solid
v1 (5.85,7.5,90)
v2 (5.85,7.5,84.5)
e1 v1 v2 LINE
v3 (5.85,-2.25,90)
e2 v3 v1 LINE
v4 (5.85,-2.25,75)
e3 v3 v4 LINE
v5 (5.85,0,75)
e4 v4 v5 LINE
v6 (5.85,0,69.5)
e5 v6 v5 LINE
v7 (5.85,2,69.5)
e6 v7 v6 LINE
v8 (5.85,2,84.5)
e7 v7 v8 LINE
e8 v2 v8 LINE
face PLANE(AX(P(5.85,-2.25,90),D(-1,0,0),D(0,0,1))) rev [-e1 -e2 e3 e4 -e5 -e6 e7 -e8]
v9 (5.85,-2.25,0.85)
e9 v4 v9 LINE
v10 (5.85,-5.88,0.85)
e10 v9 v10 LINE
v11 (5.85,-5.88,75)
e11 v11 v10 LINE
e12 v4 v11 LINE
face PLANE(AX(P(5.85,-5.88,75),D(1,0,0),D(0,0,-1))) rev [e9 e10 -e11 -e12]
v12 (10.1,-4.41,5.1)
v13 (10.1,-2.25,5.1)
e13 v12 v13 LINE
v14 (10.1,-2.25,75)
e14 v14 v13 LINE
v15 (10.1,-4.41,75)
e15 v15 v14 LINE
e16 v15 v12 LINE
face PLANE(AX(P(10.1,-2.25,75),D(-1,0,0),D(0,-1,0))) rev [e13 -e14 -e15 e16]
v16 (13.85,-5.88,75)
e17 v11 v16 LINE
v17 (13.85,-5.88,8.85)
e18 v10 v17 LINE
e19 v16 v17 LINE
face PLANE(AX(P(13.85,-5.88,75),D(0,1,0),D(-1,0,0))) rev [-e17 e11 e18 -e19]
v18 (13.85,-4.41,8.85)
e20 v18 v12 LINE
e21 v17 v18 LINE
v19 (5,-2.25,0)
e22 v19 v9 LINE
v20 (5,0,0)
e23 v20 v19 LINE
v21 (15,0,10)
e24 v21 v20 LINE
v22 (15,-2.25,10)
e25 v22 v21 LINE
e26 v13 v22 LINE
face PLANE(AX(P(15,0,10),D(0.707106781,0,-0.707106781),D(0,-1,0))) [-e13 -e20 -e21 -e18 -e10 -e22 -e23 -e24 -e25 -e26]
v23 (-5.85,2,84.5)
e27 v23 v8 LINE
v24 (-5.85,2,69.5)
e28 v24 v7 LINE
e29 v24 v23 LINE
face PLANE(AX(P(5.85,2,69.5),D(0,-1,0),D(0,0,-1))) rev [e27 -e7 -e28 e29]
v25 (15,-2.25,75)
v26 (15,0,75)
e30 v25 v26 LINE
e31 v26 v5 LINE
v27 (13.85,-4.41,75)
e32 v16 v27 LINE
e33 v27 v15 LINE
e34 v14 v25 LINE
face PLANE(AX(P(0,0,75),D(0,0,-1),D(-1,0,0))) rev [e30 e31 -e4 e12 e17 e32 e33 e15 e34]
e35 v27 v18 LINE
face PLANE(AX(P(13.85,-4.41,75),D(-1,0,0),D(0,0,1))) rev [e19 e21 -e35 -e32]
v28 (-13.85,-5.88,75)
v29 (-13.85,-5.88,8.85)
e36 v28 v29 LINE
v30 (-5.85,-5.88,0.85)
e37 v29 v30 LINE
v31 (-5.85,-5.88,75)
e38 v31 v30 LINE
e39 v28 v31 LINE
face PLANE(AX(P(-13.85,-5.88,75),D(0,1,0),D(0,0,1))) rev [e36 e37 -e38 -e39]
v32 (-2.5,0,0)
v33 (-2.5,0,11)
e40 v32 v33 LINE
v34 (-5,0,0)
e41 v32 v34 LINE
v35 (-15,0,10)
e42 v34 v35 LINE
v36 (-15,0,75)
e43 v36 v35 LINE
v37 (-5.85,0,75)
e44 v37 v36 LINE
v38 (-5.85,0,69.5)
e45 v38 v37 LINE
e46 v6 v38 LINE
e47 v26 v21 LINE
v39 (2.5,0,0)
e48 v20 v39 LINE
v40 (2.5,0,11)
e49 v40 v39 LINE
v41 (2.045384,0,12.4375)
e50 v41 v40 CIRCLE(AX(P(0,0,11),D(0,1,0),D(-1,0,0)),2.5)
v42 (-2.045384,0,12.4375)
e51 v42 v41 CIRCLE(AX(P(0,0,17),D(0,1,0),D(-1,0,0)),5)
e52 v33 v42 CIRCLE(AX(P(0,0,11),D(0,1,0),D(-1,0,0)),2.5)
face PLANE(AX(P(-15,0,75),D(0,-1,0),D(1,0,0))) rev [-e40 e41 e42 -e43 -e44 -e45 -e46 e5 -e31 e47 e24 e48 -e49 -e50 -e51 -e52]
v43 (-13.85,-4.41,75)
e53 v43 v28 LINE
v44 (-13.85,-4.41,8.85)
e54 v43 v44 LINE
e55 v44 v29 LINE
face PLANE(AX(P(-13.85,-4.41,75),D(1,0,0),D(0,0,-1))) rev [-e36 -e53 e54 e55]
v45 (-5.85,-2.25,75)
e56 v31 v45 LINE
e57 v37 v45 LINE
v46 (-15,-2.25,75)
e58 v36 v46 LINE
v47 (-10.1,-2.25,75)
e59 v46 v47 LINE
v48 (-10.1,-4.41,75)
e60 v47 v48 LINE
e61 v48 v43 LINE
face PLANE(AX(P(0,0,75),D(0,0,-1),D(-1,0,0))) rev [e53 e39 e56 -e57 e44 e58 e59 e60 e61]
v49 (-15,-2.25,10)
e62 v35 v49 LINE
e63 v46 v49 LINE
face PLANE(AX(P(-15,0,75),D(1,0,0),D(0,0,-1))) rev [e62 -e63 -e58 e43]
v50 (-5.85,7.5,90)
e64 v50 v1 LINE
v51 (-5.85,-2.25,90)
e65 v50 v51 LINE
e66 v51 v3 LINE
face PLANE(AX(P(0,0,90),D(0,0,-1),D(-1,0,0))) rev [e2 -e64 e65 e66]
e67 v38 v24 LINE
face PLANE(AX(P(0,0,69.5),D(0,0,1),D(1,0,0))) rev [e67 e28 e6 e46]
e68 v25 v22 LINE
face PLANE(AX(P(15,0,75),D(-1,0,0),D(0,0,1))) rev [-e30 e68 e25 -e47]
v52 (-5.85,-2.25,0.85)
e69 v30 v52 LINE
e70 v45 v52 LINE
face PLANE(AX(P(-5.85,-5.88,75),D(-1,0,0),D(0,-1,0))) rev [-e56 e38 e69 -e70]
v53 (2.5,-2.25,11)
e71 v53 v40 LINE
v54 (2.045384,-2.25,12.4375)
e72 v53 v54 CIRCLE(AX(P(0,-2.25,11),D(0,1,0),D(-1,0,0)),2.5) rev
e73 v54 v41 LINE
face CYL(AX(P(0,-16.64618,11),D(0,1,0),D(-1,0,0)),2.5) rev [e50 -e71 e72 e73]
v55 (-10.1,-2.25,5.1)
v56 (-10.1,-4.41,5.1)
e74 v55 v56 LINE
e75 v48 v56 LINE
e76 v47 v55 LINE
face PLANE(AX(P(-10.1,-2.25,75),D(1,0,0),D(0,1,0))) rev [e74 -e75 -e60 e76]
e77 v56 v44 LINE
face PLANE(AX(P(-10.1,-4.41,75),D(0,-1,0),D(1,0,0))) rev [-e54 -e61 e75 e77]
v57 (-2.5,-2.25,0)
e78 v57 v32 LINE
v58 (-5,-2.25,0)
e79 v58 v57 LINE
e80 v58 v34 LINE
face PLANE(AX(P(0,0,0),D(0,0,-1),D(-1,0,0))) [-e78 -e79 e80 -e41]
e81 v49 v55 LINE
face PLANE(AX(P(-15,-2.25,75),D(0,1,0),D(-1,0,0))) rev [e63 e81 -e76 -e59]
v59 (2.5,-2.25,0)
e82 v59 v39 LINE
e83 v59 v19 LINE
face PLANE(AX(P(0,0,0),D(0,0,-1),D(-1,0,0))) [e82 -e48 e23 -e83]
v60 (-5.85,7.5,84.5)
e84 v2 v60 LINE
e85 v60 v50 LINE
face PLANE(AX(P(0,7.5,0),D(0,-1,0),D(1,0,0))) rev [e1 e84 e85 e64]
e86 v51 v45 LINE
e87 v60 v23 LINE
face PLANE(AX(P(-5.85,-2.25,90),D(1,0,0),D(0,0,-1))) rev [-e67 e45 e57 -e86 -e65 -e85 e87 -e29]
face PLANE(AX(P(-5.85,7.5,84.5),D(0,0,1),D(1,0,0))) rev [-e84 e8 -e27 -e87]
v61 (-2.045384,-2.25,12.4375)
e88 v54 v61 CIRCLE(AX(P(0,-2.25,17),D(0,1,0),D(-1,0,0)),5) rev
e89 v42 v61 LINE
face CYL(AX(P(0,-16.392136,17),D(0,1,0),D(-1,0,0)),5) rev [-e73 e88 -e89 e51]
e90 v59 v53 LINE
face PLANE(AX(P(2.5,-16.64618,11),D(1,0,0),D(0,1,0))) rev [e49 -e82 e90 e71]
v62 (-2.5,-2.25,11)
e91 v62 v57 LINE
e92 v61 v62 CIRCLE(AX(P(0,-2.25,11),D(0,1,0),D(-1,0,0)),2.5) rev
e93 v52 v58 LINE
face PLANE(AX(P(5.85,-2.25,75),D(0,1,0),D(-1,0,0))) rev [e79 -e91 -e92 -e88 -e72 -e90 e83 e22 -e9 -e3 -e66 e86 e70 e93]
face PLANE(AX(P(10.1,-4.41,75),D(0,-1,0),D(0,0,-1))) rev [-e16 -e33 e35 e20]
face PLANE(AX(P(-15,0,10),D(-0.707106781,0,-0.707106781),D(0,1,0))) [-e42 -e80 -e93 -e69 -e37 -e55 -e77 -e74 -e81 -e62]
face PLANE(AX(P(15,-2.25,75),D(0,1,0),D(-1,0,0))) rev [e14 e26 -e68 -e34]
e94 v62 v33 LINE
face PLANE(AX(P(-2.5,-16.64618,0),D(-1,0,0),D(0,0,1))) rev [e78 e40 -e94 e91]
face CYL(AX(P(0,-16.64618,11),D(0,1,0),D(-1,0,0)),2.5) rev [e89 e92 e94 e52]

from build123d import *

# Parameters (mm, degrees)
BOSS_EXTRUDE1_DEPTH = 75
CUT_EXTRUDE1_DEPTH  = 2.25
SKETCH3_W           = 11.7
SKETCH3_H           = 2.25
BOSS_EXTRUDE2_DEPTH = 15
SKETCH4_W           = 11.7
SKETCH4_H           = 5.5
BOSS_EXTRUDE3_DEPTH = 7.5
SKETCH5_W           = 11.7
SKETCH5_H           = 2
BOSS_EXTRUDE4_DEPTH = 15
SKETCH6_R           = 5
CUT_EXTRUDE2_DEPTH  = 2.25
CHAMFER1_SIZE       = 10
CHAMFER2_SIZE       = 10


with BuildPart() as part:
    # Sketch1 → Boss-Extrude1 (new body)
    with BuildSketch(Plane.XY):
        Polygon((-15, 0), (15, 0), (15, -2.25), (10.1, -2.25), (10.1, -4.41), (13.85, -4.41), (13.85, -5.88), (5.85, -5.88), (5.85, -2.25), (-5.85, -2.25), (-5.85, -5.88), (-13.85, -5.88), (-13.85, -4.41), (-10.1, -4.41), (-10.1, -2.25), (-15, -2.25), align=None)
    extrude(amount=BOSS_EXTRUDE1_DEPTH)

    # Sketch2 → Cut-Extrude1 (cut)
    with BuildSketch(Plane(origin=(0, 0, 0), x_dir=(1, 0, 0), z_dir=(0, 1, 0))):
        with BuildLine():
            Line((2.5, -11), (2.5, 0))
            Line((2.5, 0), (-2.5, 0))
            Line((-2.5, 0), (-2.5, -11))
            ThreePointArc((-2.5, -11), (0, -13.5), (2.5, -11))
        make_face()
    extrude(amount=-CUT_EXTRUDE1_DEPTH, mode=Mode.SUBTRACT)

    # Sketch3 → Boss-Extrude2 (add)
    with BuildSketch(Plane.XY.offset(75)):
        with Locations((0, -1.125)):
            Rectangle(SKETCH3_W, SKETCH3_H)
    extrude(amount=BOSS_EXTRUDE2_DEPTH)

    # Sketch4 → Boss-Extrude3 (add)
    with BuildSketch(Plane(origin=(0, 0, 0), x_dir=(1, 0, 0), z_dir=(0, 1, 0))):
        with Locations((0, -87.25)):
            Rectangle(SKETCH4_W, SKETCH4_H)
    extrude(amount=BOSS_EXTRUDE3_DEPTH)

    # Sketch5 → Boss-Extrude4 (add)
    with BuildSketch(Plane(origin=(0, 0, 84.5), x_dir=(-1, 0, 0), z_dir=(0, 0, -1))):
        with Locations((0, 1)):
            Rectangle(SKETCH5_W, SKETCH5_H)
    extrude(amount=BOSS_EXTRUDE4_DEPTH)

    # Sketch6 → Cut-Extrude2 (cut)
    with BuildSketch(Plane(origin=(0, 0, 0), x_dir=(1, 0, 0), z_dir=(0, 1, 0))):
        with Locations((0, -17)):
            Circle(SKETCH6_R)
    extrude(amount=-CUT_EXTRUDE2_DEPTH, mode=Mode.SUBTRACT)

    # Chamfer1
    chamfer1_edges = [part.edges().sort_by_distance(p)[0] for p in [
        (15, -1.125, 0),
    ]]
    chamfer(chamfer1_edges, length=CHAMFER1_SIZE)

    # Chamfer2
    chamfer2_edges = [part.edges().sort_by_distance(p)[0] for p in [
        (-15, -1.125, 0),
    ]]
    chamfer(chamfer2_edges, length=CHAMFER2_SIZE)


solid = part.part
